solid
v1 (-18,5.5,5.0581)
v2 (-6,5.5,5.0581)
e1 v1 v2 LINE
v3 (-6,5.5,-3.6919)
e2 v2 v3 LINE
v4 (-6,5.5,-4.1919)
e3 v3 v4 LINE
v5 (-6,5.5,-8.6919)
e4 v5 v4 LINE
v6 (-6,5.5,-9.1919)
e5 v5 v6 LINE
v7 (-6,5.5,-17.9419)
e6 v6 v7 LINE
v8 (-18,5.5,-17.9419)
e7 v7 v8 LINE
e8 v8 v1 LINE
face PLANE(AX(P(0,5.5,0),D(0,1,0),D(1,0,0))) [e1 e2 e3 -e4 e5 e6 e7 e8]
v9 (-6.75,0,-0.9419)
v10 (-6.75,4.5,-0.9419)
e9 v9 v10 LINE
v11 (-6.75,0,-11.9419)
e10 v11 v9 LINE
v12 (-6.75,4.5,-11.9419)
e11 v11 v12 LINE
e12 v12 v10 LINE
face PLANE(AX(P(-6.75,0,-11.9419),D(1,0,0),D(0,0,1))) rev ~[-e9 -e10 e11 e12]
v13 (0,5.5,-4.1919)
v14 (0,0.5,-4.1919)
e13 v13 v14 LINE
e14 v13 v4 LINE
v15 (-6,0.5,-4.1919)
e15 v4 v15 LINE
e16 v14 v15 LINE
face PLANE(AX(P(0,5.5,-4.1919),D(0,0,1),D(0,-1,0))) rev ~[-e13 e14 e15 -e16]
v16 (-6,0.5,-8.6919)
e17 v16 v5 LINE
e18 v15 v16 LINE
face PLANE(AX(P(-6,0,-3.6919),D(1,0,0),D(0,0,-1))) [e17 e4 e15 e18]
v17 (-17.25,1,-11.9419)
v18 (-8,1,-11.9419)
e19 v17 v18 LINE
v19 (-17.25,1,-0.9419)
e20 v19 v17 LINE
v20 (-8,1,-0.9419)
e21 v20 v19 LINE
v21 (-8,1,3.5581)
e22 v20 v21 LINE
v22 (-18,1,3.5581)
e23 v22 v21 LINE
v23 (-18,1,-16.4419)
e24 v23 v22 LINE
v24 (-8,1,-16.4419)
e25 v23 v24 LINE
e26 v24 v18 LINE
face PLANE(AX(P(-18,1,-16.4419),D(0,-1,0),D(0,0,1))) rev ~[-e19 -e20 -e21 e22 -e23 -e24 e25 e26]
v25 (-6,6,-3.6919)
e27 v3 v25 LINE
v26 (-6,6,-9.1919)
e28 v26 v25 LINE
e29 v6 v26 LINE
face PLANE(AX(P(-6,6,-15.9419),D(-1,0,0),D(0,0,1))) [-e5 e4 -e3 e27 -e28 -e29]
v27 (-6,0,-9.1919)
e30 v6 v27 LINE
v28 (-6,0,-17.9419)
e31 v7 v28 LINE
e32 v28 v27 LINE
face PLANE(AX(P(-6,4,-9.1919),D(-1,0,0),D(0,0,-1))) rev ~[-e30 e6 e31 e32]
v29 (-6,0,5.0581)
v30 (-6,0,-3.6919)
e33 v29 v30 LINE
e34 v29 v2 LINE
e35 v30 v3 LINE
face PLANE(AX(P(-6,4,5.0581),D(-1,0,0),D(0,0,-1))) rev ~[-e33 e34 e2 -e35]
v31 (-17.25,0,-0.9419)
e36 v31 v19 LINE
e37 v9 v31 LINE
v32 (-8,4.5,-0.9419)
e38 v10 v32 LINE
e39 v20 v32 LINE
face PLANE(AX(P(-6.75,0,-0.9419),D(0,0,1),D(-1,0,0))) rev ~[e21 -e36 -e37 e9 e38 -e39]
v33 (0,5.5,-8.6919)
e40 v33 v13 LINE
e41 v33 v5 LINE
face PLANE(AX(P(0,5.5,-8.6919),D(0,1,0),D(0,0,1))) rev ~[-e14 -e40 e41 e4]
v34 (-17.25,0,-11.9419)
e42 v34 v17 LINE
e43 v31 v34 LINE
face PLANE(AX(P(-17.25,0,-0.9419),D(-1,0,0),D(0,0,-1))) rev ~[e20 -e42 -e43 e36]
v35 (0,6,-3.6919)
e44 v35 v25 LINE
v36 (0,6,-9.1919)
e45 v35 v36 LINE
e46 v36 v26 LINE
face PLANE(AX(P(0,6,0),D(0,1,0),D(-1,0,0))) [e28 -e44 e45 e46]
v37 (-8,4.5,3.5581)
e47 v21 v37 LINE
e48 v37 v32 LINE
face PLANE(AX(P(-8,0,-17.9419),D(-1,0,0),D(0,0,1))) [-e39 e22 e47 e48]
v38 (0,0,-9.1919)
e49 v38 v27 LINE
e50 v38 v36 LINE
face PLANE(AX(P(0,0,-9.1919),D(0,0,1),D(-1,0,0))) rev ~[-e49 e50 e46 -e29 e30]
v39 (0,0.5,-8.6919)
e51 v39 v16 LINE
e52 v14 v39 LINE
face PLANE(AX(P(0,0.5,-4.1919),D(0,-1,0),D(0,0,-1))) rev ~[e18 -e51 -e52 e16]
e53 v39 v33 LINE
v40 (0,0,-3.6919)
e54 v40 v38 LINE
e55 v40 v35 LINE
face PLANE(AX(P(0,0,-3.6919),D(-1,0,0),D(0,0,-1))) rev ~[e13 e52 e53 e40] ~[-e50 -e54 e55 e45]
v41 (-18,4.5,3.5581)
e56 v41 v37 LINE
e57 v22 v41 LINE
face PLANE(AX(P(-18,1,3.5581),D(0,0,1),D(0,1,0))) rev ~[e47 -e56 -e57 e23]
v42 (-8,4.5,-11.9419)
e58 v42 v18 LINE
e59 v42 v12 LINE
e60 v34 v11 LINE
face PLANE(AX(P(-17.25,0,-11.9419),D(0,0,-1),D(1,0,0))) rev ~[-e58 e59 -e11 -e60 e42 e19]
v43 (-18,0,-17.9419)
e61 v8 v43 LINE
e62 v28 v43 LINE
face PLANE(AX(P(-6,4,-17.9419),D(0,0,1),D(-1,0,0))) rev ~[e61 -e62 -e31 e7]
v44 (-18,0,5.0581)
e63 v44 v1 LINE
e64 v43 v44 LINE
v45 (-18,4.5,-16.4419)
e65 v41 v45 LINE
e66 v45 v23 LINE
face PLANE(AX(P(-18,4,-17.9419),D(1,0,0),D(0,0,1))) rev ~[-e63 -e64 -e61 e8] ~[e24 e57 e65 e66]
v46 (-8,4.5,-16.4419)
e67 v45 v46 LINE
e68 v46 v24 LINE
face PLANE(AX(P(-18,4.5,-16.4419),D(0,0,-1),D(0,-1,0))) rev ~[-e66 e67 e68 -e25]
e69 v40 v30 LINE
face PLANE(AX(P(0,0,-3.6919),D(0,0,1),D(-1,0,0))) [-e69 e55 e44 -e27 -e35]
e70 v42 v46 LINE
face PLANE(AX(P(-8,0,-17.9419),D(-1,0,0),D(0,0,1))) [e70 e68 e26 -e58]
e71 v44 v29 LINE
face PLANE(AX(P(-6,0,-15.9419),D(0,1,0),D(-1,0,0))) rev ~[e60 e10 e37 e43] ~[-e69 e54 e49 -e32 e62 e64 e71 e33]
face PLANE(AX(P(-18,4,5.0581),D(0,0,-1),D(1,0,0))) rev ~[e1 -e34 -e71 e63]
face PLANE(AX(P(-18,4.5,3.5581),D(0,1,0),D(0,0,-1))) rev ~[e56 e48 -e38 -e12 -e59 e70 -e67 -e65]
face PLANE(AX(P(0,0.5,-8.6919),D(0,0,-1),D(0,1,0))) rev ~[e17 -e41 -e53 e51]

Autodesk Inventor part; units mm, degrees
ref_plane "YZ Plane" through (0, 0, 0) normal (1, 0, 0) x (0, 1, 0)
ref_plane "XZ Plane" through (0, 0, 0) normal (0, 1, 0) x (-1, 0, 0)
ref_plane "XY Plane" through (0, 0, 0) normal (0, 0, 1) x (1, 0, 0)
sketch "Sketch1" plane through (0, 0, 0) normal (0, 1, 0) x (-1, 0, 0)
  line L0 (0, -3.6919) -> (0, -9.1919)
  line L1 (0, -9.1919) -> (6, -9.1919)
  line L2 (0, -3.6919) -> (6, -3.6919)
  line L3 (6, -3.6919) -> (6, 3.0581)
  line L4 (6, 3.0581) -> (18, 3.0581)
  line L5 (18, 3.0581) -> (18, -15.9419)
  line L6 (18, -15.9419) -> (6, -15.9419)
  line L7 (6, -15.9419) -> (6, -9.1919)
  point P0 (0, 0)
  dimension "d0" = 5.5
  dimension "d1" = 6
  dimension "d3" = 12
  dimension "d4" = 6.75
  dimension "d5" = 6.75
  dimension "d6" = 19
  dimension "d7" = 12
sketch "Sketch2" plane through (0, 0, 0) normal (0, 1, 0) x (-1, 0, 0)
  point P0 (0, 0)
extrude "Extrusion1" add sketch "Sketch1" along normal blind 6
sketch "Sketch3" plane through (0, 6, 0) normal (0, 1, 0) x (1, 0, 0)
  line L0 (-6, 15.9419) -> (-18, 15.9419) projected
  line L1 (-6, -3.0581) -> (-6, 3.6919) projected
  line L2 (-18, 15.9419) -> (-6, 15.9419)
  line L3 (-6, 15.9419) -> (-6, -3.0581)
  line L4 (-6, -3.0581) -> (-18, -3.0581)
  line L5 (-18, -3.0581) -> (-18, 15.9419)
  point P0 (0, 0)
extrude "Extrusion2" cut sketch "Sketch3" against normal blind 2
sketch "Sketch4" plane through (-18, 0, -15.9419) normal (-1, 0, 0) x (0, 0, 1)
  point P0 (15.9419, 0)
sketch "Sketch5" plane through (-18, 0, 3.0581) normal (0, 0, 1) x (1, 0, 0)
  line L0 (12, 4) -> (0, 4) projected
  line L1 (0, 0) -> (12, 0) projected
  line L2 (12, 4) -> (0, 4)
  line L3 (0, 4) -> (0, 0)
  line L4 (0, 0) -> (12, 0)
  line L5 (12, 0) -> (12, 4)
  point P0 (18, 0)
extrude "Extrusion3" add sketch "Sketch5" along normal blind 2
sketch "Sketch6" plane through (-6, 0, -15.9419) normal (0, 0, -1) x (-1, 0, 0)
  line L0 (12, 4) -> (0, 4) projected
  line L1 (0, 0) -> (12, 0) projected
  line L2 (0, 4) -> (12, 4)
  line L3 (12, 4) -> (12, 0)
  line L4 (12, 0) -> (0, 0)
  line L5 (0, 0) -> (0, 4)
  point P0 (-6, 0)
extrude "Extrusion4" add sketch "Sketch6" along normal blind 2
sketch "Sketch7" plane through (-18, 0, 5.0581) normal (-1, 0, 0) x (0, 0, 1)
  point P0 (-5.0581, 0)
sketch "Sketch8" plane through (-18, 0, 5.0581) normal (-1, 0, 0) x (0, 0, 1)
  point P0 (-5.0581, 0)
sketch "Sketch9" plane through (0, 4, 0) normal (0, 1, 0) x (1, 0, 0)
  line L0 (-18, -5.0581) -> (-6, -5.0581) projected
  line L1 (-6, 9.1919) -> (-6, 17.9419) projected
  line L2 (-18, -5.0581) -> (-6, -5.0581)
  line L3 (-6, -5.0581) -> (-6, 17.9419)
  line L4 (-6, 17.9419) -> (-18, 17.9419)
  line L5 (-18, 17.9419) -> (-18, -5.0581)
  point P0 (0, 0)
extrude "Extrusion5" add sketch "Sketch9" along normal blind 1.5
sketch "Sketch10" plane through (-18, 0, -17.9419) normal (-1, 0, 0) x (0, 0, 1)
  line L0 (1.5, 1) -> (21.5, 1)
  line L1 (21.5, 1) -> (21.5, 4.5)
  line L2 (21.5, 4.5) -> (1.5, 4.5)
  line L3 (1.5, 4.5) -> (1.5, 1)
  line L4 (0, 5.5) -> (23, 5.5) projected
  line L5 (23, 0) -> (0, 0) projected
  line L6 (0, 0) -> (0, 5.5) projected
  line L7 (23, 0) -> (23, 5.5) projected
  point P0 (17.9419, 0)
  dimension "d22" = 1
  dimension "d23" = 1
  dimension "d24" = 1.5
  dimension "d25" = 1.5
extrude "Extrusion6" cut sketch "Sketch10" against normal blind 10 contours L3 L2 L1 L0
sketch "Sketch11" plane through (0, 0, -3.6919) normal (1, 0, 0) x (0, 0, -1)
  line L0 (14.25, 5.5) -> (-8.75, 5.5) projected
  line L1 (5, 5.5) -> (0.5, 5.5)
  line L2 (0.5, 5.5) -> (0.5, 0.5)
  line L3 (0.5, 0.5) -> (5, 0.5)
  line L4 (5, 0.5) -> (5, 5.5)
  line L5 (0, 0) -> (5.5, 0) projected
  line L6 (0, 0) -> (0, 6) projected
  line L7 (5.5, 0) -> (5.5, 6) projected
  point P0 (-3.6919, 0)
  point P1 (0.5, 5.5)
  dimension "d28" = 0.5
  dimension "d29" = 0.5
  dimension "d30" = 0.5
extrude "Extrusion7" cut sketch "Sketch11" against normal blind 6 contours L4 L3 L2 L0
sketch "Sketch12" plane through (0, 0, 0) normal (0, -1, 0) x (1, 0, 0)
  point P0 (0, 0)
sketch "Sketch13" plane through (0, 0, 0) normal (0, -1, 0) x (1, 0, 0)
  point P0 (0, 0)
sketch "Sketch14" plane through (0, 0, 0) normal (0, -1, 0) x (1, 0, 0)
  point P0 (0, 0)
sketch "Sketch15" plane through (0, 0, 0) normal (0, -1, 0) x (1, 0, 0)
  line L0 (-17.25, -11.9419) -> (-6.75, -11.9419)
  line L1 (-6.75, -11.9419) -> (-6.75, -0.9419)
  line L2 (-6.75, -0.9419) -> (-17.25, -0.9419)
  line L3 (-17.25, -0.9419) -> (-17.25, -11.9419)
  line L4 (-6, -17.9419) -> (-18, -17.9419) projected
  line L5 (-18, 5.0581) -> (-6, 5.0581) projected
  line L6 (-18, 5.0581) -> (-18, -17.9419) projected
  line L7 (-6, -3.6919) -> (-6, 5.0581) projected
  point P0 (0, 0)
  dimension "d33" = 6
  dimension "d34" = 6
  dimension "d35" = 0.75
  dimension "d36" = 0.75
extrude "Extrusion8" cut sketch "Sketch15" against normal up to surface (4.5 mm away)
properties part number "tof-mount"
